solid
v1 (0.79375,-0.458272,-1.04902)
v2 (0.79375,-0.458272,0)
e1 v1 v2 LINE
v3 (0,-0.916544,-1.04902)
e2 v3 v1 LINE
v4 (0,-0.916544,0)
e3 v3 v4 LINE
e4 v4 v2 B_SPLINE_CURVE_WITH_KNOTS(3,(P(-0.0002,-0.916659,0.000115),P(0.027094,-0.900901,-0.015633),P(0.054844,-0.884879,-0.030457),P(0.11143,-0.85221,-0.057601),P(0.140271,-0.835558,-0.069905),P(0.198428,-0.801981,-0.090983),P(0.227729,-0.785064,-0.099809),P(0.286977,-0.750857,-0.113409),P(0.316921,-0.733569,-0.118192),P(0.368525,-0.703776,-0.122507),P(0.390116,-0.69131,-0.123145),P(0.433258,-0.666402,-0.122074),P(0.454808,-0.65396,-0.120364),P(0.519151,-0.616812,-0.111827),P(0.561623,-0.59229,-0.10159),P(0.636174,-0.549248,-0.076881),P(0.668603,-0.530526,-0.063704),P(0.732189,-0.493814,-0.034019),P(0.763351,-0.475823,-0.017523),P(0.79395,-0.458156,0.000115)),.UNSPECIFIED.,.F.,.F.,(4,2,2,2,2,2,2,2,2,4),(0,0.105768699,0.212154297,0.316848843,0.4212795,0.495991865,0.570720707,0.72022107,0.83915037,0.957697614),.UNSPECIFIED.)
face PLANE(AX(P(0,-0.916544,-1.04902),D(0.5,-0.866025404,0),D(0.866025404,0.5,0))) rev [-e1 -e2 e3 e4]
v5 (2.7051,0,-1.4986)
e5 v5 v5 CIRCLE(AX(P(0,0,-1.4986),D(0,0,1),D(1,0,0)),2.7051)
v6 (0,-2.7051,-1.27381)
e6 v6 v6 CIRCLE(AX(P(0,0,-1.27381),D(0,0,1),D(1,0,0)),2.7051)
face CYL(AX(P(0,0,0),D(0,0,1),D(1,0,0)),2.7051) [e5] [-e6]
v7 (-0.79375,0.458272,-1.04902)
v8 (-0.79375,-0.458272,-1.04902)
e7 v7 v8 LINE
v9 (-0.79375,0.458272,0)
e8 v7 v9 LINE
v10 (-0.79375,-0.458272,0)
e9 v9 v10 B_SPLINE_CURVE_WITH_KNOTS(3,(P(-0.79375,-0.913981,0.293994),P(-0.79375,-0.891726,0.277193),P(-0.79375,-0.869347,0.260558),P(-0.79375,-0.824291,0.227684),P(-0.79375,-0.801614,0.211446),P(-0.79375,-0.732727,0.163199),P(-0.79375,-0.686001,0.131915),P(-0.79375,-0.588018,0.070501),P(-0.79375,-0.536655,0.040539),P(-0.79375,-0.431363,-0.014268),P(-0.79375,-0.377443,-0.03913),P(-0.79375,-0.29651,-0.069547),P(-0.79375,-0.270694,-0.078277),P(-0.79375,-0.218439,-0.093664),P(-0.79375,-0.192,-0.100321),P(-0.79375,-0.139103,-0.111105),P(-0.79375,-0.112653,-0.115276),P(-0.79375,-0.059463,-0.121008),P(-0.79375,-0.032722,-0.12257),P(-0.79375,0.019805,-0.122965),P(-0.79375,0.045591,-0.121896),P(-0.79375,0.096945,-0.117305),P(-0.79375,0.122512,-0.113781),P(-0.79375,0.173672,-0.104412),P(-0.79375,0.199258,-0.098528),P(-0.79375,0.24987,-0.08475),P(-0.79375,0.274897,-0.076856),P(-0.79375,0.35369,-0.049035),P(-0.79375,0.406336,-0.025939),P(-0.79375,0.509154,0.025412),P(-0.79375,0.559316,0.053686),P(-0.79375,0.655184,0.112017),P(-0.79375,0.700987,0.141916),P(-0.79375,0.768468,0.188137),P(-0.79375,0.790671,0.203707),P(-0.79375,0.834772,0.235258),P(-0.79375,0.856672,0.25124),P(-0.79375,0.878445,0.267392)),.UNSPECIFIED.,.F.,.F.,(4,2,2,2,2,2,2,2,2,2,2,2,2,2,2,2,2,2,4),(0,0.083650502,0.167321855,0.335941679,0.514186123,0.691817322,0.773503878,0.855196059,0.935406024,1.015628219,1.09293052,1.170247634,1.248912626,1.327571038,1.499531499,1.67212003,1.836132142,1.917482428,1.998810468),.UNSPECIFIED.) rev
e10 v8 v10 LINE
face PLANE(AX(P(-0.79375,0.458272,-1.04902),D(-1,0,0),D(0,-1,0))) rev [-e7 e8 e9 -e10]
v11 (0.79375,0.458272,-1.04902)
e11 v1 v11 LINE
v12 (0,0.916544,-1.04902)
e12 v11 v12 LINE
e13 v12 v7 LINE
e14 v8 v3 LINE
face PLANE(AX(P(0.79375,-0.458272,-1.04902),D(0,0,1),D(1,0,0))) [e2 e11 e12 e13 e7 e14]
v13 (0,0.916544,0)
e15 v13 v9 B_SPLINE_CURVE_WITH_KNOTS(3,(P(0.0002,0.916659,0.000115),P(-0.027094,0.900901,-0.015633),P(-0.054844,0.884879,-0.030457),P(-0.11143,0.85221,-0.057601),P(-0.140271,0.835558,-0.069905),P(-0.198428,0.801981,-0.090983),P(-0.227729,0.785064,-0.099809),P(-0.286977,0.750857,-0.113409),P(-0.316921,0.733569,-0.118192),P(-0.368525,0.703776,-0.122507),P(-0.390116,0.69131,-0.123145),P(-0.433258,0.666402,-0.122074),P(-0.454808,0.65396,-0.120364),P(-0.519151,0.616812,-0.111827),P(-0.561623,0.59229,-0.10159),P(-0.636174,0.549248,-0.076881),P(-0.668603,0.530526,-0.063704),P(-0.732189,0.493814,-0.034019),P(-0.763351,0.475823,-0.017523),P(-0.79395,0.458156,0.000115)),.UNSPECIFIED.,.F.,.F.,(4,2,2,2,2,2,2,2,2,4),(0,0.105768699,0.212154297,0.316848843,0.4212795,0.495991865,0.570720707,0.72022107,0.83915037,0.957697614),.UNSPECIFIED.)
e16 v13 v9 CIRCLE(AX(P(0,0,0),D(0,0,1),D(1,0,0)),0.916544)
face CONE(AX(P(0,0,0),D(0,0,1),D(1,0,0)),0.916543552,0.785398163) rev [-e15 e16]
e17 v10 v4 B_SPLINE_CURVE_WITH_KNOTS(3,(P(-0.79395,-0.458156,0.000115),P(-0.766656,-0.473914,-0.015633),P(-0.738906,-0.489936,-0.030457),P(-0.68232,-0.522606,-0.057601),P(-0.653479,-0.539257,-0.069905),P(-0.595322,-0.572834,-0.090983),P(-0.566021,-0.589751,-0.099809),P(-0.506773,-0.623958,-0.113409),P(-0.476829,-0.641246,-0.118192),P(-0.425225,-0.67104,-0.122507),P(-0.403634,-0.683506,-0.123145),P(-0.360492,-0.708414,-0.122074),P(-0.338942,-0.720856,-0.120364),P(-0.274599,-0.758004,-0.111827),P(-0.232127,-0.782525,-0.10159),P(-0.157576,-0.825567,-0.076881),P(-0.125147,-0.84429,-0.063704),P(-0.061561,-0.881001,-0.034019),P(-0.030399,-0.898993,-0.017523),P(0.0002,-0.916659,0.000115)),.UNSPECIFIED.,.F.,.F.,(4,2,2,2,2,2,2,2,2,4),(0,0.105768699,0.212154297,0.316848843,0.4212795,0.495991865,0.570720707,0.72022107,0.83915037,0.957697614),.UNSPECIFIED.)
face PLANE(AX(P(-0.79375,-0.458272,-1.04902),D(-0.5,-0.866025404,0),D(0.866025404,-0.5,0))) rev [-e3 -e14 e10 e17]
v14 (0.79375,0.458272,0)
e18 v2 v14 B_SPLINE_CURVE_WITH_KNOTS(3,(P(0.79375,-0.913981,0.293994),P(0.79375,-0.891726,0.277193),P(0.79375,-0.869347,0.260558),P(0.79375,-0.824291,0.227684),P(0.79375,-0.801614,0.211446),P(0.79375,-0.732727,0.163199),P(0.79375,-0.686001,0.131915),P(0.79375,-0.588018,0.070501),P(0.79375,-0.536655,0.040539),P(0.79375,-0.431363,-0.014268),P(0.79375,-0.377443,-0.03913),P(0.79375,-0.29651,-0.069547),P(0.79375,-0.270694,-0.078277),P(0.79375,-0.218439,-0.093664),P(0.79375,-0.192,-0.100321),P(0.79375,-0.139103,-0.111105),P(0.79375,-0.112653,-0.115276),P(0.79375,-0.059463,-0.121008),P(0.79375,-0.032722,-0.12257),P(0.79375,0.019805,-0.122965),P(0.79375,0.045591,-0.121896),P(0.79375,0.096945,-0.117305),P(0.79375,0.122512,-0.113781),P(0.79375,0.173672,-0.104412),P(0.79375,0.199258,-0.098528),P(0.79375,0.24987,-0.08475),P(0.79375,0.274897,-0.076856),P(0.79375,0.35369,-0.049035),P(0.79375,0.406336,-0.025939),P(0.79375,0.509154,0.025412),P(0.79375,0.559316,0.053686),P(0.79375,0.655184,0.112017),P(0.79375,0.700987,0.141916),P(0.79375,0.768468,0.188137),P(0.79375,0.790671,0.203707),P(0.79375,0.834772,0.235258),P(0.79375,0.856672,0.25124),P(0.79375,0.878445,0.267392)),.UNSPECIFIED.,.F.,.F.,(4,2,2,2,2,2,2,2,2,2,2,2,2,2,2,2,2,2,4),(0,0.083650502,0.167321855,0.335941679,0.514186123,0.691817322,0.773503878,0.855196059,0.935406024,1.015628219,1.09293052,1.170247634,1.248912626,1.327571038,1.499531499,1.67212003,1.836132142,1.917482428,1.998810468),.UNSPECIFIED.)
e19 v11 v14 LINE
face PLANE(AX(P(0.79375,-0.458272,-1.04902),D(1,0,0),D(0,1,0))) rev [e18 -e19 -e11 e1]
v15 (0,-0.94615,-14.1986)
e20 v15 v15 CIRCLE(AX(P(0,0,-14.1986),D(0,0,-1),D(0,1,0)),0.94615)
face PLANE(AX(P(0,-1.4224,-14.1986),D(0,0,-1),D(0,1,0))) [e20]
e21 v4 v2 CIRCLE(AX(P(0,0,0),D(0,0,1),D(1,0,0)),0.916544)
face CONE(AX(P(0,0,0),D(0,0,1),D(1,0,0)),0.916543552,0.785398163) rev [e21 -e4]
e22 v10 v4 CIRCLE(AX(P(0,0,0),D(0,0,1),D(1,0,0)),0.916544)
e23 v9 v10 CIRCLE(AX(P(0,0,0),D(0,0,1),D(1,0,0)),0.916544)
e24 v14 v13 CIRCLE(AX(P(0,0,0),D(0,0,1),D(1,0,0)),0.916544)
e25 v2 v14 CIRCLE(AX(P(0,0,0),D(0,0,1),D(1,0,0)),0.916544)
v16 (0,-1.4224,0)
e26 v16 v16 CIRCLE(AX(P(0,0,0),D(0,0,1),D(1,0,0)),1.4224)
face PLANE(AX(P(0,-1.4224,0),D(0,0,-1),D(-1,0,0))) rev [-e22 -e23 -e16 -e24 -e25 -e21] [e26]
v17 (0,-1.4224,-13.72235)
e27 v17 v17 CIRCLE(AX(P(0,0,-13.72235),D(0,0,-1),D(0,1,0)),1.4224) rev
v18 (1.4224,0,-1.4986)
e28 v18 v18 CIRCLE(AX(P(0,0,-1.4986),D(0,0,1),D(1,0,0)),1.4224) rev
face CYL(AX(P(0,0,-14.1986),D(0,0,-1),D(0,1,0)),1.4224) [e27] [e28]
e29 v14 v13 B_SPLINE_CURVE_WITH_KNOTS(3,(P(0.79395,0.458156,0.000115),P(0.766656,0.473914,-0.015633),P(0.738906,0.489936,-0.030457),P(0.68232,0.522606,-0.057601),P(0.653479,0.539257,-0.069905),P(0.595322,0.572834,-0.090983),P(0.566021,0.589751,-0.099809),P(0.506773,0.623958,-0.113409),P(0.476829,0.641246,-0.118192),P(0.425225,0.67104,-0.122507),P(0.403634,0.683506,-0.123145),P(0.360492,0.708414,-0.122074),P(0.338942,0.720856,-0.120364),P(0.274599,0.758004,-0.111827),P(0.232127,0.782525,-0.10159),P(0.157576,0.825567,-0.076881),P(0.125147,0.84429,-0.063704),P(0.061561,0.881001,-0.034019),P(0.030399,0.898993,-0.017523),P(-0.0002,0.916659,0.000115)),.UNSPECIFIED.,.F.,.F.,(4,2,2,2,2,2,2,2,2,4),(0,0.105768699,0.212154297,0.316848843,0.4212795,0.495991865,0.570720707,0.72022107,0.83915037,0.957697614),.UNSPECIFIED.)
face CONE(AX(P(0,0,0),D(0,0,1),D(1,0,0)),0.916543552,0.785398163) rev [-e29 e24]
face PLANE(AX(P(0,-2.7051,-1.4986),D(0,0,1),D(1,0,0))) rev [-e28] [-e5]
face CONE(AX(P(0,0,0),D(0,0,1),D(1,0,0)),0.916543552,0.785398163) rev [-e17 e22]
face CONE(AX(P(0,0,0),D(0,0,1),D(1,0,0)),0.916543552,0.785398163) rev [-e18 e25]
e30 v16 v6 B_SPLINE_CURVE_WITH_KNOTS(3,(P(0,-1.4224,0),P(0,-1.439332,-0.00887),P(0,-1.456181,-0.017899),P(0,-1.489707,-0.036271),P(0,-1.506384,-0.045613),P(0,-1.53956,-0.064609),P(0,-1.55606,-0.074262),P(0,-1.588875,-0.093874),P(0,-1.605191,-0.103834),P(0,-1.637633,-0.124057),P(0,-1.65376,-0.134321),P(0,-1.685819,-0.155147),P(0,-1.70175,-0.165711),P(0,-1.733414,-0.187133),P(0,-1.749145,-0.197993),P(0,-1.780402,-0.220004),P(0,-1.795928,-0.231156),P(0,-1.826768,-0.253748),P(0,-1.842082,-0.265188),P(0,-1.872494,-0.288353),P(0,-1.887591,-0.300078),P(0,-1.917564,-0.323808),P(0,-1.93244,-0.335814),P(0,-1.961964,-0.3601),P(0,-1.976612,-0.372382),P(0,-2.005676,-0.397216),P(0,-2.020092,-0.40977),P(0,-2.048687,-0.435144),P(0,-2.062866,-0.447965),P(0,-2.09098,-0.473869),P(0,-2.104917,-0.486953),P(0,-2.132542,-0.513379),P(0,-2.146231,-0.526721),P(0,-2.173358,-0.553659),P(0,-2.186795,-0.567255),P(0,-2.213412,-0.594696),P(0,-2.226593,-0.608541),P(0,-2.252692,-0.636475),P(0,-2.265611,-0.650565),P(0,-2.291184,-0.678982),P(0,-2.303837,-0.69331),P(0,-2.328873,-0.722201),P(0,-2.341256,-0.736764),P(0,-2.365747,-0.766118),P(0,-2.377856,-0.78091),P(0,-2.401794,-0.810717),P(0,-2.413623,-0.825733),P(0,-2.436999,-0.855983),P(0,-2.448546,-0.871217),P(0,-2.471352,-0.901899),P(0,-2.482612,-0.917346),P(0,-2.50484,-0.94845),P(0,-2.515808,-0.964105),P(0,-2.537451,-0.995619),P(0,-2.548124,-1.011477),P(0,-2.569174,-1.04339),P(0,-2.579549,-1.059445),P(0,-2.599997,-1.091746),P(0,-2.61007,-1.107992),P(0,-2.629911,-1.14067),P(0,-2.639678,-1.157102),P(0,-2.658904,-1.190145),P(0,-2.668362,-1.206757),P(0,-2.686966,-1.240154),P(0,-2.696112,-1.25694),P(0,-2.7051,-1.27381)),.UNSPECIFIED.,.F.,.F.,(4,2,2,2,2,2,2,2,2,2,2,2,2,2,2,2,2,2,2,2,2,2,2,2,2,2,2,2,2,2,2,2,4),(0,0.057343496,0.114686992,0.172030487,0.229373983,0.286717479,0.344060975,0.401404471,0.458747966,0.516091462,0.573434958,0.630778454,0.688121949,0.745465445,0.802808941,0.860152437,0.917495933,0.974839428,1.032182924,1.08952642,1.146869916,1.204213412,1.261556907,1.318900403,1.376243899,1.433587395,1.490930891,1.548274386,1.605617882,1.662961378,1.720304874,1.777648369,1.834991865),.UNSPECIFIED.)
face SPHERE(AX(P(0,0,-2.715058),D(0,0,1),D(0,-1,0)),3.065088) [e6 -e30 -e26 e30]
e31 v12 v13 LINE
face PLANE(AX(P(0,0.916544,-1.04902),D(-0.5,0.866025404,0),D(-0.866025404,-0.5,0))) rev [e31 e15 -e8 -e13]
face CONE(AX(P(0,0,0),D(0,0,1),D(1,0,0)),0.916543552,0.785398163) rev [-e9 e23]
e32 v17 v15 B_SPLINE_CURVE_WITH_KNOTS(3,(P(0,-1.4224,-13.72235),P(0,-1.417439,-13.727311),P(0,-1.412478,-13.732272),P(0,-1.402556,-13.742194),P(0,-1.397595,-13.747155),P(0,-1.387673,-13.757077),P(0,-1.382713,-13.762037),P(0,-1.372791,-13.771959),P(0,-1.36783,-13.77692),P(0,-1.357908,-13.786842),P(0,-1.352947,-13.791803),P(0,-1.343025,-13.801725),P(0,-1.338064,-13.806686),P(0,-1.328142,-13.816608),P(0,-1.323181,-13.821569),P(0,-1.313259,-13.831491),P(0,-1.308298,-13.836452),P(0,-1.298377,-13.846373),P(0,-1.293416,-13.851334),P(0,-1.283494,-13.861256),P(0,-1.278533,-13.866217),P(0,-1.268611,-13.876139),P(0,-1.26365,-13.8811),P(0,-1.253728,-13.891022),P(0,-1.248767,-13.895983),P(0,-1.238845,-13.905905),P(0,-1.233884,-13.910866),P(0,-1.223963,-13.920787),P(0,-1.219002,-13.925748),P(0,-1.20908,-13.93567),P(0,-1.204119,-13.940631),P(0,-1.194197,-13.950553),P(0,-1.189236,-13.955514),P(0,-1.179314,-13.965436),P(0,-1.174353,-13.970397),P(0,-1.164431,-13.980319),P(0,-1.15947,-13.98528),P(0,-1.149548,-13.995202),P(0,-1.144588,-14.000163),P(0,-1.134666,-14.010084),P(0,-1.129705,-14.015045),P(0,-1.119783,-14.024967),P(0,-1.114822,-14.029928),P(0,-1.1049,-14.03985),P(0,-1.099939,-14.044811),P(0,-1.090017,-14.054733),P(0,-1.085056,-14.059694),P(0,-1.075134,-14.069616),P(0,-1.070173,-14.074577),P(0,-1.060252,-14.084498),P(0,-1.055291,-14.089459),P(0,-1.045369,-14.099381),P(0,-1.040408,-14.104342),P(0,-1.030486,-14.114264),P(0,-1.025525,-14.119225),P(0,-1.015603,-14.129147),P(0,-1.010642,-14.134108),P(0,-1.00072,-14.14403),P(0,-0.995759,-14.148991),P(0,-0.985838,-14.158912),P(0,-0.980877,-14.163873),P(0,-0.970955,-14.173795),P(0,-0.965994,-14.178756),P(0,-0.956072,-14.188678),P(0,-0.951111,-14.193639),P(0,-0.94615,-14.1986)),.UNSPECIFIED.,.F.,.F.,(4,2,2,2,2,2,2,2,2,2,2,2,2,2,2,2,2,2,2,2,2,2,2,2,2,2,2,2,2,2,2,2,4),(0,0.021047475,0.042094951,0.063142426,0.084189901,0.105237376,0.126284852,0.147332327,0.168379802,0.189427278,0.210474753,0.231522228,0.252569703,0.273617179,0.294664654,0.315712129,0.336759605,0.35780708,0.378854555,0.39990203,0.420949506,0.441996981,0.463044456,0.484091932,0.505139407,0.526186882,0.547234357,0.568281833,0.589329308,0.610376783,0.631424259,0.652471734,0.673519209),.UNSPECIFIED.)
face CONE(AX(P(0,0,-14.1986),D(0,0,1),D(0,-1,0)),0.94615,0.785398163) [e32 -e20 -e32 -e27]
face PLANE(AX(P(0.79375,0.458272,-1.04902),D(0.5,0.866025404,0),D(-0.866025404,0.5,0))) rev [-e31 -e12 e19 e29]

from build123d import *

# Parameters (mm, degrees)
SKETCH1_W          = 12.7
SKETCH1_H          = 1.4224
CHAMFER1_SIZE      = 0.47625
CUT_EXTRUDE2_DEPTH = 1.04902


with BuildPart() as part:
    # Sketch1 → Revolve1 (revolve)
    with BuildSketch(Plane(origin=(0, 0, 0), x_dir=(0, 0, -1), z_dir=(1, 0, 0))):
        with Locations((7.8486, 0.7112)):
            Rectangle(SKETCH1_W, SKETCH1_H)
    revolve(axis=Axis((0, 0, -14.1986), (0, 0, 1)))

    # Chamfer1
    chamfer1_edges = [part.edges().sort_by_distance(p)[0] for p in [
        (0, -1.4224, -14.1986),
    ]]
    chamfer(chamfer1_edges, length=CHAMFER1_SIZE)

    # Sketch7 → Revolve2 (revolve)
    with BuildSketch(Plane(origin=(0, 0, 0), x_dir=(0, 0, -1), z_dir=(1, 0, 0))):
        with BuildLine():
            Line((1.27381, 2.7051), (1.4986, 2.7051))
            Line((1.4986, 2.7051), (1.4986, 0))
            Line((1.4986, 0), (0, 0))
            Line((0, 0), (0, 1.4224))
            ThreePointArc((0, 1.4224), (0.540190256, 2.159794444), (1.27381, 2.7051))
        make_face()
    revolve(axis=Axis((0, 0, 0), (0, 0, -1)))

    # Sketch5 → Cut-Extrude2 (cut)
    with BuildSketch(Plane.XY):
        Polygon((0.79375, -0.458271776), (0.79375, 0.458271776), (0, 0.916543552), (-0.79375, 0.458271776), (-0.79375, -0.458271776), (0, -0.916543552), align=None)
    extrude(amount=-CUT_EXTRUDE2_DEPTH, mode=Mode.SUBTRACT)

    # Cut-Extrude3 cone 1 section (through the dimple's axis) → Cut-Extrude3 (revolve, cut)
    with BuildSketch(Plane(origin=(0, 0, 0), x_dir=(0, -1, 0), z_dir=(1, 0, 0))):
        Polygon((0, 0), (0.916543552, 0), (0, 0.916543552), align=None)
    revolve(axis=Axis((0, 0, 0), (0, 0, -1)), mode=Mode.SUBTRACT)


solid = part.part
